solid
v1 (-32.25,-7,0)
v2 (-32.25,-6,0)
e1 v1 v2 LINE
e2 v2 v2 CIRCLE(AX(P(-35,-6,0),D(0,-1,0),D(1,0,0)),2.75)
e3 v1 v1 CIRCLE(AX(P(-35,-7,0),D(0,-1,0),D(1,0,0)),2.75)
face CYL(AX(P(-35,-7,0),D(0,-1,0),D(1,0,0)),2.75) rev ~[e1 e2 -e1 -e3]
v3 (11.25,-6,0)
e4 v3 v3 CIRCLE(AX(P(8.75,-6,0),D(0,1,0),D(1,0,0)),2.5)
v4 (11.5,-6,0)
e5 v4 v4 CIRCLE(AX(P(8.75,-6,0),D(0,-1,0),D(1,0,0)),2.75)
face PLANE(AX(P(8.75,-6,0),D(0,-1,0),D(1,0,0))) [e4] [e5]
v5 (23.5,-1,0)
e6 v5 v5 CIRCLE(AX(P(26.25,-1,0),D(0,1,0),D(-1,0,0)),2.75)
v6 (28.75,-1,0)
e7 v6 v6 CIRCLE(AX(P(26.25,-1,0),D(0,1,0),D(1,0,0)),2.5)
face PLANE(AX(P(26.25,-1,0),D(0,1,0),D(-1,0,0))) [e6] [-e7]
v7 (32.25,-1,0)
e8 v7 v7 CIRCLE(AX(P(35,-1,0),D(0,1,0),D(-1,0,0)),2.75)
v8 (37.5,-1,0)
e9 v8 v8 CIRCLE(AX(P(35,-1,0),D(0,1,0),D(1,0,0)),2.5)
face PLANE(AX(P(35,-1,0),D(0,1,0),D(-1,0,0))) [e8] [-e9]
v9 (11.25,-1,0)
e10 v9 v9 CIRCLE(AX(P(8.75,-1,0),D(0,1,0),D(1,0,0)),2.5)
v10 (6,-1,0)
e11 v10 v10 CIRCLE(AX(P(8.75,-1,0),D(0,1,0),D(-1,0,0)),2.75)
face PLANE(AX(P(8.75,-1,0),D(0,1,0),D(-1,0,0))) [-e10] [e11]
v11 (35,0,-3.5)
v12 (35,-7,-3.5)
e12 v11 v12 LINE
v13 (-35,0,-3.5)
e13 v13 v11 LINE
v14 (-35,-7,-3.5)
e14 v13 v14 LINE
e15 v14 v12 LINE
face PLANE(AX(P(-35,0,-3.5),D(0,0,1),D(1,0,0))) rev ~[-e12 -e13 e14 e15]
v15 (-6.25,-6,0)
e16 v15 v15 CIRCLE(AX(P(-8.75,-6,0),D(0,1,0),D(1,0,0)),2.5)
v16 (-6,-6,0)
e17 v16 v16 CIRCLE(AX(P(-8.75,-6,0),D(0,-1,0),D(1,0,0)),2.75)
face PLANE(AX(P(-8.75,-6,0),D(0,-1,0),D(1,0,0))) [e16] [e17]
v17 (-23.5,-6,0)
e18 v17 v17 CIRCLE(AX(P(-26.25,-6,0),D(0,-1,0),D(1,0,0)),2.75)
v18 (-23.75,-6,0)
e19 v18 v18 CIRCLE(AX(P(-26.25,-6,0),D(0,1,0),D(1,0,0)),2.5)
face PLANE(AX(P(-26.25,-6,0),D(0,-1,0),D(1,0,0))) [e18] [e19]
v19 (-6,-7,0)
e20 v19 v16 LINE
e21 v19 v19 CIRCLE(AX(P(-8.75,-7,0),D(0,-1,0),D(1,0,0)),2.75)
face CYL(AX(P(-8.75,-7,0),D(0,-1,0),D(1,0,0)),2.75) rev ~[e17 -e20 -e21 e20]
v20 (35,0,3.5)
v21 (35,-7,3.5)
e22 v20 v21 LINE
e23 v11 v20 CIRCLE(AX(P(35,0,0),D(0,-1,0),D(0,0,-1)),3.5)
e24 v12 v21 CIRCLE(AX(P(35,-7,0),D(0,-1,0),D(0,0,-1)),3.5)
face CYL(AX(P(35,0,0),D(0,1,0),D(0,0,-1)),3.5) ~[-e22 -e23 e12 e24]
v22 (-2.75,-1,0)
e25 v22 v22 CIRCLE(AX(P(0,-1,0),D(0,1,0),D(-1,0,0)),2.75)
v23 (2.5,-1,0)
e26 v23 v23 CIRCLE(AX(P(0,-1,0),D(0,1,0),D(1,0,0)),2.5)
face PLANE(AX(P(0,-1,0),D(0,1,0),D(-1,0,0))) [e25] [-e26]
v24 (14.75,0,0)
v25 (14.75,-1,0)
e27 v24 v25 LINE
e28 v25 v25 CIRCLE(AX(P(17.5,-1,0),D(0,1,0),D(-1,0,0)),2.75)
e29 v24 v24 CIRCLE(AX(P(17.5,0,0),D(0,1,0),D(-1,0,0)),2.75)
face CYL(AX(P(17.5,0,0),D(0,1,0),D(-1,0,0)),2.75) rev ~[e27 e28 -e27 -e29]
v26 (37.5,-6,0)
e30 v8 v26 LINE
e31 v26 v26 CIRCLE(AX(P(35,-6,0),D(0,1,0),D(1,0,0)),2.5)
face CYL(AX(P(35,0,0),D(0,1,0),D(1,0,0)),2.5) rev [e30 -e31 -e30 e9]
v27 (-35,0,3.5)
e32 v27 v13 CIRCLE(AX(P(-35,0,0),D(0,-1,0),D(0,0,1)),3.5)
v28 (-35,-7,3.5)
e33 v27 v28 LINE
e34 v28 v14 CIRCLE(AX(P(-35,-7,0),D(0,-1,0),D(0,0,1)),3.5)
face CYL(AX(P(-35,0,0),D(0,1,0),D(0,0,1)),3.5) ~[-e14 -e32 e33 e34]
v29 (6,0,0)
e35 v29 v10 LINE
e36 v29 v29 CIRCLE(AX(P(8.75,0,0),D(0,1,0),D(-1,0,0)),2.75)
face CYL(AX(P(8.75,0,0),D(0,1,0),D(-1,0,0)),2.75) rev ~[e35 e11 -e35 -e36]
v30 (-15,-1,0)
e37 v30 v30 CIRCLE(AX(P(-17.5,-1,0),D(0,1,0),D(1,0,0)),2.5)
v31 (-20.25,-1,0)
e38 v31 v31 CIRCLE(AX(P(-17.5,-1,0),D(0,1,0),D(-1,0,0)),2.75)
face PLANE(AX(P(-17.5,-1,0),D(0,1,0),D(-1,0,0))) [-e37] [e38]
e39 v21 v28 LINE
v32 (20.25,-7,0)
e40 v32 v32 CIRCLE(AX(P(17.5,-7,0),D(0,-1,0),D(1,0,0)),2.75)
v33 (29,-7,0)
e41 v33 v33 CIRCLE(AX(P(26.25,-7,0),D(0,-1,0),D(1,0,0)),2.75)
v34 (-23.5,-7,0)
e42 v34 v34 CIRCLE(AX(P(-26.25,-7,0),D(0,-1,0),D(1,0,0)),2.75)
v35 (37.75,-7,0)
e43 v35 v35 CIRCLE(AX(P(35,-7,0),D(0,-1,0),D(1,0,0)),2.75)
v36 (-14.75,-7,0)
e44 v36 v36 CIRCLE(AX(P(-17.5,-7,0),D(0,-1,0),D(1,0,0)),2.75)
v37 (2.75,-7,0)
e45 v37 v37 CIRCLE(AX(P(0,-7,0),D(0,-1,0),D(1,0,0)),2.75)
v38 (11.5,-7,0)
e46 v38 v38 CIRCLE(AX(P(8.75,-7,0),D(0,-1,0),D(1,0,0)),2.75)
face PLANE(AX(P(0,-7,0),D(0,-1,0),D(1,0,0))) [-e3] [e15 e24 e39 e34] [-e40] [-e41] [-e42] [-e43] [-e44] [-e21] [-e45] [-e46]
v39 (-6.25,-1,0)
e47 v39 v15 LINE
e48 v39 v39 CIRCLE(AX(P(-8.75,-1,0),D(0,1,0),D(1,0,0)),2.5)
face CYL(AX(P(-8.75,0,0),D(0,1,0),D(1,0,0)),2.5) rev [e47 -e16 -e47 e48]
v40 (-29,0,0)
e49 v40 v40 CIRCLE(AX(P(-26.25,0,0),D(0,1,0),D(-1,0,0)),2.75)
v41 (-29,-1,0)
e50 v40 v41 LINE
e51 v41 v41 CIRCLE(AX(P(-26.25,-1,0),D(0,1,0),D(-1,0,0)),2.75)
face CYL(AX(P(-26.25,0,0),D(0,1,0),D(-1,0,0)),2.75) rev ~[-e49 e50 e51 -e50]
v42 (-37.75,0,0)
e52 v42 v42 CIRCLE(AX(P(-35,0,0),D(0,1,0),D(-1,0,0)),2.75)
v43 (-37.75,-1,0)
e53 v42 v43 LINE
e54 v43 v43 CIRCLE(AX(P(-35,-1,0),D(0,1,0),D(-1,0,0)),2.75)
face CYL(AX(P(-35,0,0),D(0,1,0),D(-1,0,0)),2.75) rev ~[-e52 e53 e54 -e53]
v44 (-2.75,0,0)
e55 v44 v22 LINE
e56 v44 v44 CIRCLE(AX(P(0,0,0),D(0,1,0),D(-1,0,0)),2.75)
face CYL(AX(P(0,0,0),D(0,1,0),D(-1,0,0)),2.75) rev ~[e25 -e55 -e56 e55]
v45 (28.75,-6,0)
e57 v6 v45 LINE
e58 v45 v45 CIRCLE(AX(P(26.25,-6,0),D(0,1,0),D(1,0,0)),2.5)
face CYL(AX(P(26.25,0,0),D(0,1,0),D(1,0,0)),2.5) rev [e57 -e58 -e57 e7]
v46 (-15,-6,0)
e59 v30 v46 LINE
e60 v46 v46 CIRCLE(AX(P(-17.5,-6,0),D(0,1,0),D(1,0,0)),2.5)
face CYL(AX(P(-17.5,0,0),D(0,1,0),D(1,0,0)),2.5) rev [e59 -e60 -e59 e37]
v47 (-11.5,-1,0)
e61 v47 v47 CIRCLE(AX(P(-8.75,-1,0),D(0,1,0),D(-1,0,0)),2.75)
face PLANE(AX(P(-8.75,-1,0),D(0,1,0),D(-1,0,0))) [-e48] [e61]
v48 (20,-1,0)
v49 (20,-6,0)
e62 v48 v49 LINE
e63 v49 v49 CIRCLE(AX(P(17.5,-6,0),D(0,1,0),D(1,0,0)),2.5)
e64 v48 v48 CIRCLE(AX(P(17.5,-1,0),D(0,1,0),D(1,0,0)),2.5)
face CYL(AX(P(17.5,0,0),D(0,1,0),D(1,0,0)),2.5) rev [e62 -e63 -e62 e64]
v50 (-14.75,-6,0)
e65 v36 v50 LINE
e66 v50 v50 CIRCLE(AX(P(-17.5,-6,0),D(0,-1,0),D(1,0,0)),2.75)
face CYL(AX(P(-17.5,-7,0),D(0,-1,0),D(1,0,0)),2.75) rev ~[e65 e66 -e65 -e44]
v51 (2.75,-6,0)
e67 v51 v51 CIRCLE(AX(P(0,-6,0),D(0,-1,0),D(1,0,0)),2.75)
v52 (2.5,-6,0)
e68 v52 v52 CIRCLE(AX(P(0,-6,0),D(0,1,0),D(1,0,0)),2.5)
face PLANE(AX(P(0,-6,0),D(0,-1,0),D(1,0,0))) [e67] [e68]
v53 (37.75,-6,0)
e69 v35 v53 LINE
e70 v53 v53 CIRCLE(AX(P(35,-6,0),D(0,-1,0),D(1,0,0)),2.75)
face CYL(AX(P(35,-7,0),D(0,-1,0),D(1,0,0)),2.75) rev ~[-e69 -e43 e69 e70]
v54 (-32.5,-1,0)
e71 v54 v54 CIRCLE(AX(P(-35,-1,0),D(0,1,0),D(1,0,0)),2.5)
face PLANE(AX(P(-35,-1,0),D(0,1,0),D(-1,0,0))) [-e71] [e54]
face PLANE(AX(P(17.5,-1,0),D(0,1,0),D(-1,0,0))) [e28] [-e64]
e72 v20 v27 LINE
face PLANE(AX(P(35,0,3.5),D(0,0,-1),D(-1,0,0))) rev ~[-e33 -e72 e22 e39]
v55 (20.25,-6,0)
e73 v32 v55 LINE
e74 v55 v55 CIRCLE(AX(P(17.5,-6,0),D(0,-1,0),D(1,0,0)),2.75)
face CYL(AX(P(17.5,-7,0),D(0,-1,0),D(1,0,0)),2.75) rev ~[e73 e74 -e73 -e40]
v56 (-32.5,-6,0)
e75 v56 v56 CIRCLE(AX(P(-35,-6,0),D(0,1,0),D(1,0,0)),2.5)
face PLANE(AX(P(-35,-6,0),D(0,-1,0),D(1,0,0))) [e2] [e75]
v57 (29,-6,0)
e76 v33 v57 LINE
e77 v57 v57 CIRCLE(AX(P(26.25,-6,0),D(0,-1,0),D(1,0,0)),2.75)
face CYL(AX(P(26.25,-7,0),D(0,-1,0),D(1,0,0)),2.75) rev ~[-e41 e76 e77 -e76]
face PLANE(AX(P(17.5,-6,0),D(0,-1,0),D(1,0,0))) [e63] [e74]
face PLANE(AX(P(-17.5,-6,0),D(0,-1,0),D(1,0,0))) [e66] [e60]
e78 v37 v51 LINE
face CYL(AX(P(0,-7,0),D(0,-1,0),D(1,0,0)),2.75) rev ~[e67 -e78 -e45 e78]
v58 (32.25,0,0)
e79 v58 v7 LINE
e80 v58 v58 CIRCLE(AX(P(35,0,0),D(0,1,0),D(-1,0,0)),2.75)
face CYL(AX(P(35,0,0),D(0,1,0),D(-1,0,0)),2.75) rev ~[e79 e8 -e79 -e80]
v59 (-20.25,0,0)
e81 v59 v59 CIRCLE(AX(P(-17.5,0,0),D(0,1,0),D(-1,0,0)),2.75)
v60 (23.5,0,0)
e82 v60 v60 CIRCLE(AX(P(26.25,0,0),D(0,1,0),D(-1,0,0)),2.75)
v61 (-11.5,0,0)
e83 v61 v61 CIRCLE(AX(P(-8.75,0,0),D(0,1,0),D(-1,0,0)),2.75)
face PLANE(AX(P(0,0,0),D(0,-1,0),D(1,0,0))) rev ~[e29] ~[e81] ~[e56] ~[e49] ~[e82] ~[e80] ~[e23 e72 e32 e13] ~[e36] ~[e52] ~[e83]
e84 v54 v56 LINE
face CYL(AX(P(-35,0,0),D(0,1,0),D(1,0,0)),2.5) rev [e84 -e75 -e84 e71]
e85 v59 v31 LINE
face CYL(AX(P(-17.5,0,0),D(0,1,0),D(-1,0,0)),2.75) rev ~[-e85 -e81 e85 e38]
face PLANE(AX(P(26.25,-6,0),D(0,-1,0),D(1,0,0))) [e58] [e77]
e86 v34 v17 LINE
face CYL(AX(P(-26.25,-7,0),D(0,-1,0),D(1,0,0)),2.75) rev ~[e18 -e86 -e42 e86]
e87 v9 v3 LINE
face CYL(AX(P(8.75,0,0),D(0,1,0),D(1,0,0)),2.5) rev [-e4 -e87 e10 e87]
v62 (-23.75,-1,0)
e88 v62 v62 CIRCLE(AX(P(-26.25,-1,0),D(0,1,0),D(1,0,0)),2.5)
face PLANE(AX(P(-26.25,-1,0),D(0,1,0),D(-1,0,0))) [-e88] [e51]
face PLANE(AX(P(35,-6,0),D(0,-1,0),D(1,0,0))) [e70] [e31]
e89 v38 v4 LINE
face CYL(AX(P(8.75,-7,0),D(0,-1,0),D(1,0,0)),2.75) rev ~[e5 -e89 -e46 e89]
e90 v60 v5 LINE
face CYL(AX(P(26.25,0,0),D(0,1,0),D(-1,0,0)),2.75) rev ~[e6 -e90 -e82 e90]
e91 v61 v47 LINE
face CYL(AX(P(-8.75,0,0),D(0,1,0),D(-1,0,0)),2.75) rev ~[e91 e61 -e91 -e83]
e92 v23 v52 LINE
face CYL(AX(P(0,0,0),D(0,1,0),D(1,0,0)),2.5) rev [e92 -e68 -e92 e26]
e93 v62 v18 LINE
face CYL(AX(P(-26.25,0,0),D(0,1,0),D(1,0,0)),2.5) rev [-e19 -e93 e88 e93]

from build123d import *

# Parameters (mm, degrees)
F0_R     = 2.5
F1_DEPTH = 7
F2_R     = 2.75
F3_DEPTH = 1
F4_R     = 2.75
F5_DEPTH = 1


with BuildPart() as f1:
    # F0 (on Front) → F1 (new body)
    with BuildSketch(Plane.XZ):
        with BuildLine():
            ThreePointArc((35, -3.5), (38.5, 0), (35, 3.5))
            Line((35, 3.5), (-35, 3.5))
            ThreePointArc((-35, 3.5), (-38.5, 0), (-35, -3.5))
            Line((-35, -3.5), (35, -3.5))
        make_face()
        with Locations((-35, 0)):
            Circle(F0_R, mode=Mode.SUBTRACT)
        with Locations((-26.25, 0)):
            Circle(F0_R, mode=Mode.SUBTRACT)
        with Locations((-17.5, 0)):
            Circle(F0_R, mode=Mode.SUBTRACT)
        with Locations((-8.75, 0)):
            Circle(F0_R, mode=Mode.SUBTRACT)
        Circle(F0_R, mode=Mode.SUBTRACT)
        with Locations((8.75, 0)):
            Circle(F0_R, mode=Mode.SUBTRACT)
        with Locations((17.5, 0)):
            Circle(F0_R, mode=Mode.SUBTRACT)
        with Locations((26.25, 0)):
            Circle(F0_R, mode=Mode.SUBTRACT)
        with Locations((35, 0)):
            Circle(F0_R, mode=Mode.SUBTRACT)
    extrude(amount=F1_DEPTH)

    # F2 (on face) → F3 (cut)
    with BuildSketch(Plane(origin=(0, 0, 0), x_dir=(-1, 0, 0), z_dir=(0, 1, 0))):
        with Locations((35, 0)):
            Circle(F2_R)
        with Locations((26.25, 0)):
            Circle(F2_R)
        with Locations((17.5, 0)):
            Circle(F2_R)
        with Locations((8.75, 0)):
            Circle(F2_R)
        Circle(F2_R)
        with Locations((-8.75, 0)):
            Circle(F2_R)
        with Locations((-17.5, 0)):
            Circle(F2_R)
        with Locations((-26.25, 0)):
            Circle(F2_R)
        with Locations((-35, 0)):
            Circle(F2_R)
    extrude(amount=-F3_DEPTH, mode=Mode.SUBTRACT)

    # F4 (on face) → F5 (cut)
    with BuildSketch(Plane.XZ.offset(7)):
        with Locations((35, 0)):
            Circle(F4_R)
        with Locations((26.25, 0)):
            Circle(F4_R)
        with Locations((17.5, 0)):
            Circle(F4_R)
        with Locations((8.75, 0)):
            Circle(F4_R)
        Circle(F4_R)
        with Locations((-8.75, 0)):
            Circle(F4_R)
        with Locations((-17.5, 0)):
            Circle(F4_R)
        with Locations((-26.25, 0)):
            Circle(F4_R)
        with Locations((-35, 0)):
            Circle(F4_R)
    extrude(amount=-F5_DEPTH, mode=Mode.SUBTRACT)


solid = f1.part
